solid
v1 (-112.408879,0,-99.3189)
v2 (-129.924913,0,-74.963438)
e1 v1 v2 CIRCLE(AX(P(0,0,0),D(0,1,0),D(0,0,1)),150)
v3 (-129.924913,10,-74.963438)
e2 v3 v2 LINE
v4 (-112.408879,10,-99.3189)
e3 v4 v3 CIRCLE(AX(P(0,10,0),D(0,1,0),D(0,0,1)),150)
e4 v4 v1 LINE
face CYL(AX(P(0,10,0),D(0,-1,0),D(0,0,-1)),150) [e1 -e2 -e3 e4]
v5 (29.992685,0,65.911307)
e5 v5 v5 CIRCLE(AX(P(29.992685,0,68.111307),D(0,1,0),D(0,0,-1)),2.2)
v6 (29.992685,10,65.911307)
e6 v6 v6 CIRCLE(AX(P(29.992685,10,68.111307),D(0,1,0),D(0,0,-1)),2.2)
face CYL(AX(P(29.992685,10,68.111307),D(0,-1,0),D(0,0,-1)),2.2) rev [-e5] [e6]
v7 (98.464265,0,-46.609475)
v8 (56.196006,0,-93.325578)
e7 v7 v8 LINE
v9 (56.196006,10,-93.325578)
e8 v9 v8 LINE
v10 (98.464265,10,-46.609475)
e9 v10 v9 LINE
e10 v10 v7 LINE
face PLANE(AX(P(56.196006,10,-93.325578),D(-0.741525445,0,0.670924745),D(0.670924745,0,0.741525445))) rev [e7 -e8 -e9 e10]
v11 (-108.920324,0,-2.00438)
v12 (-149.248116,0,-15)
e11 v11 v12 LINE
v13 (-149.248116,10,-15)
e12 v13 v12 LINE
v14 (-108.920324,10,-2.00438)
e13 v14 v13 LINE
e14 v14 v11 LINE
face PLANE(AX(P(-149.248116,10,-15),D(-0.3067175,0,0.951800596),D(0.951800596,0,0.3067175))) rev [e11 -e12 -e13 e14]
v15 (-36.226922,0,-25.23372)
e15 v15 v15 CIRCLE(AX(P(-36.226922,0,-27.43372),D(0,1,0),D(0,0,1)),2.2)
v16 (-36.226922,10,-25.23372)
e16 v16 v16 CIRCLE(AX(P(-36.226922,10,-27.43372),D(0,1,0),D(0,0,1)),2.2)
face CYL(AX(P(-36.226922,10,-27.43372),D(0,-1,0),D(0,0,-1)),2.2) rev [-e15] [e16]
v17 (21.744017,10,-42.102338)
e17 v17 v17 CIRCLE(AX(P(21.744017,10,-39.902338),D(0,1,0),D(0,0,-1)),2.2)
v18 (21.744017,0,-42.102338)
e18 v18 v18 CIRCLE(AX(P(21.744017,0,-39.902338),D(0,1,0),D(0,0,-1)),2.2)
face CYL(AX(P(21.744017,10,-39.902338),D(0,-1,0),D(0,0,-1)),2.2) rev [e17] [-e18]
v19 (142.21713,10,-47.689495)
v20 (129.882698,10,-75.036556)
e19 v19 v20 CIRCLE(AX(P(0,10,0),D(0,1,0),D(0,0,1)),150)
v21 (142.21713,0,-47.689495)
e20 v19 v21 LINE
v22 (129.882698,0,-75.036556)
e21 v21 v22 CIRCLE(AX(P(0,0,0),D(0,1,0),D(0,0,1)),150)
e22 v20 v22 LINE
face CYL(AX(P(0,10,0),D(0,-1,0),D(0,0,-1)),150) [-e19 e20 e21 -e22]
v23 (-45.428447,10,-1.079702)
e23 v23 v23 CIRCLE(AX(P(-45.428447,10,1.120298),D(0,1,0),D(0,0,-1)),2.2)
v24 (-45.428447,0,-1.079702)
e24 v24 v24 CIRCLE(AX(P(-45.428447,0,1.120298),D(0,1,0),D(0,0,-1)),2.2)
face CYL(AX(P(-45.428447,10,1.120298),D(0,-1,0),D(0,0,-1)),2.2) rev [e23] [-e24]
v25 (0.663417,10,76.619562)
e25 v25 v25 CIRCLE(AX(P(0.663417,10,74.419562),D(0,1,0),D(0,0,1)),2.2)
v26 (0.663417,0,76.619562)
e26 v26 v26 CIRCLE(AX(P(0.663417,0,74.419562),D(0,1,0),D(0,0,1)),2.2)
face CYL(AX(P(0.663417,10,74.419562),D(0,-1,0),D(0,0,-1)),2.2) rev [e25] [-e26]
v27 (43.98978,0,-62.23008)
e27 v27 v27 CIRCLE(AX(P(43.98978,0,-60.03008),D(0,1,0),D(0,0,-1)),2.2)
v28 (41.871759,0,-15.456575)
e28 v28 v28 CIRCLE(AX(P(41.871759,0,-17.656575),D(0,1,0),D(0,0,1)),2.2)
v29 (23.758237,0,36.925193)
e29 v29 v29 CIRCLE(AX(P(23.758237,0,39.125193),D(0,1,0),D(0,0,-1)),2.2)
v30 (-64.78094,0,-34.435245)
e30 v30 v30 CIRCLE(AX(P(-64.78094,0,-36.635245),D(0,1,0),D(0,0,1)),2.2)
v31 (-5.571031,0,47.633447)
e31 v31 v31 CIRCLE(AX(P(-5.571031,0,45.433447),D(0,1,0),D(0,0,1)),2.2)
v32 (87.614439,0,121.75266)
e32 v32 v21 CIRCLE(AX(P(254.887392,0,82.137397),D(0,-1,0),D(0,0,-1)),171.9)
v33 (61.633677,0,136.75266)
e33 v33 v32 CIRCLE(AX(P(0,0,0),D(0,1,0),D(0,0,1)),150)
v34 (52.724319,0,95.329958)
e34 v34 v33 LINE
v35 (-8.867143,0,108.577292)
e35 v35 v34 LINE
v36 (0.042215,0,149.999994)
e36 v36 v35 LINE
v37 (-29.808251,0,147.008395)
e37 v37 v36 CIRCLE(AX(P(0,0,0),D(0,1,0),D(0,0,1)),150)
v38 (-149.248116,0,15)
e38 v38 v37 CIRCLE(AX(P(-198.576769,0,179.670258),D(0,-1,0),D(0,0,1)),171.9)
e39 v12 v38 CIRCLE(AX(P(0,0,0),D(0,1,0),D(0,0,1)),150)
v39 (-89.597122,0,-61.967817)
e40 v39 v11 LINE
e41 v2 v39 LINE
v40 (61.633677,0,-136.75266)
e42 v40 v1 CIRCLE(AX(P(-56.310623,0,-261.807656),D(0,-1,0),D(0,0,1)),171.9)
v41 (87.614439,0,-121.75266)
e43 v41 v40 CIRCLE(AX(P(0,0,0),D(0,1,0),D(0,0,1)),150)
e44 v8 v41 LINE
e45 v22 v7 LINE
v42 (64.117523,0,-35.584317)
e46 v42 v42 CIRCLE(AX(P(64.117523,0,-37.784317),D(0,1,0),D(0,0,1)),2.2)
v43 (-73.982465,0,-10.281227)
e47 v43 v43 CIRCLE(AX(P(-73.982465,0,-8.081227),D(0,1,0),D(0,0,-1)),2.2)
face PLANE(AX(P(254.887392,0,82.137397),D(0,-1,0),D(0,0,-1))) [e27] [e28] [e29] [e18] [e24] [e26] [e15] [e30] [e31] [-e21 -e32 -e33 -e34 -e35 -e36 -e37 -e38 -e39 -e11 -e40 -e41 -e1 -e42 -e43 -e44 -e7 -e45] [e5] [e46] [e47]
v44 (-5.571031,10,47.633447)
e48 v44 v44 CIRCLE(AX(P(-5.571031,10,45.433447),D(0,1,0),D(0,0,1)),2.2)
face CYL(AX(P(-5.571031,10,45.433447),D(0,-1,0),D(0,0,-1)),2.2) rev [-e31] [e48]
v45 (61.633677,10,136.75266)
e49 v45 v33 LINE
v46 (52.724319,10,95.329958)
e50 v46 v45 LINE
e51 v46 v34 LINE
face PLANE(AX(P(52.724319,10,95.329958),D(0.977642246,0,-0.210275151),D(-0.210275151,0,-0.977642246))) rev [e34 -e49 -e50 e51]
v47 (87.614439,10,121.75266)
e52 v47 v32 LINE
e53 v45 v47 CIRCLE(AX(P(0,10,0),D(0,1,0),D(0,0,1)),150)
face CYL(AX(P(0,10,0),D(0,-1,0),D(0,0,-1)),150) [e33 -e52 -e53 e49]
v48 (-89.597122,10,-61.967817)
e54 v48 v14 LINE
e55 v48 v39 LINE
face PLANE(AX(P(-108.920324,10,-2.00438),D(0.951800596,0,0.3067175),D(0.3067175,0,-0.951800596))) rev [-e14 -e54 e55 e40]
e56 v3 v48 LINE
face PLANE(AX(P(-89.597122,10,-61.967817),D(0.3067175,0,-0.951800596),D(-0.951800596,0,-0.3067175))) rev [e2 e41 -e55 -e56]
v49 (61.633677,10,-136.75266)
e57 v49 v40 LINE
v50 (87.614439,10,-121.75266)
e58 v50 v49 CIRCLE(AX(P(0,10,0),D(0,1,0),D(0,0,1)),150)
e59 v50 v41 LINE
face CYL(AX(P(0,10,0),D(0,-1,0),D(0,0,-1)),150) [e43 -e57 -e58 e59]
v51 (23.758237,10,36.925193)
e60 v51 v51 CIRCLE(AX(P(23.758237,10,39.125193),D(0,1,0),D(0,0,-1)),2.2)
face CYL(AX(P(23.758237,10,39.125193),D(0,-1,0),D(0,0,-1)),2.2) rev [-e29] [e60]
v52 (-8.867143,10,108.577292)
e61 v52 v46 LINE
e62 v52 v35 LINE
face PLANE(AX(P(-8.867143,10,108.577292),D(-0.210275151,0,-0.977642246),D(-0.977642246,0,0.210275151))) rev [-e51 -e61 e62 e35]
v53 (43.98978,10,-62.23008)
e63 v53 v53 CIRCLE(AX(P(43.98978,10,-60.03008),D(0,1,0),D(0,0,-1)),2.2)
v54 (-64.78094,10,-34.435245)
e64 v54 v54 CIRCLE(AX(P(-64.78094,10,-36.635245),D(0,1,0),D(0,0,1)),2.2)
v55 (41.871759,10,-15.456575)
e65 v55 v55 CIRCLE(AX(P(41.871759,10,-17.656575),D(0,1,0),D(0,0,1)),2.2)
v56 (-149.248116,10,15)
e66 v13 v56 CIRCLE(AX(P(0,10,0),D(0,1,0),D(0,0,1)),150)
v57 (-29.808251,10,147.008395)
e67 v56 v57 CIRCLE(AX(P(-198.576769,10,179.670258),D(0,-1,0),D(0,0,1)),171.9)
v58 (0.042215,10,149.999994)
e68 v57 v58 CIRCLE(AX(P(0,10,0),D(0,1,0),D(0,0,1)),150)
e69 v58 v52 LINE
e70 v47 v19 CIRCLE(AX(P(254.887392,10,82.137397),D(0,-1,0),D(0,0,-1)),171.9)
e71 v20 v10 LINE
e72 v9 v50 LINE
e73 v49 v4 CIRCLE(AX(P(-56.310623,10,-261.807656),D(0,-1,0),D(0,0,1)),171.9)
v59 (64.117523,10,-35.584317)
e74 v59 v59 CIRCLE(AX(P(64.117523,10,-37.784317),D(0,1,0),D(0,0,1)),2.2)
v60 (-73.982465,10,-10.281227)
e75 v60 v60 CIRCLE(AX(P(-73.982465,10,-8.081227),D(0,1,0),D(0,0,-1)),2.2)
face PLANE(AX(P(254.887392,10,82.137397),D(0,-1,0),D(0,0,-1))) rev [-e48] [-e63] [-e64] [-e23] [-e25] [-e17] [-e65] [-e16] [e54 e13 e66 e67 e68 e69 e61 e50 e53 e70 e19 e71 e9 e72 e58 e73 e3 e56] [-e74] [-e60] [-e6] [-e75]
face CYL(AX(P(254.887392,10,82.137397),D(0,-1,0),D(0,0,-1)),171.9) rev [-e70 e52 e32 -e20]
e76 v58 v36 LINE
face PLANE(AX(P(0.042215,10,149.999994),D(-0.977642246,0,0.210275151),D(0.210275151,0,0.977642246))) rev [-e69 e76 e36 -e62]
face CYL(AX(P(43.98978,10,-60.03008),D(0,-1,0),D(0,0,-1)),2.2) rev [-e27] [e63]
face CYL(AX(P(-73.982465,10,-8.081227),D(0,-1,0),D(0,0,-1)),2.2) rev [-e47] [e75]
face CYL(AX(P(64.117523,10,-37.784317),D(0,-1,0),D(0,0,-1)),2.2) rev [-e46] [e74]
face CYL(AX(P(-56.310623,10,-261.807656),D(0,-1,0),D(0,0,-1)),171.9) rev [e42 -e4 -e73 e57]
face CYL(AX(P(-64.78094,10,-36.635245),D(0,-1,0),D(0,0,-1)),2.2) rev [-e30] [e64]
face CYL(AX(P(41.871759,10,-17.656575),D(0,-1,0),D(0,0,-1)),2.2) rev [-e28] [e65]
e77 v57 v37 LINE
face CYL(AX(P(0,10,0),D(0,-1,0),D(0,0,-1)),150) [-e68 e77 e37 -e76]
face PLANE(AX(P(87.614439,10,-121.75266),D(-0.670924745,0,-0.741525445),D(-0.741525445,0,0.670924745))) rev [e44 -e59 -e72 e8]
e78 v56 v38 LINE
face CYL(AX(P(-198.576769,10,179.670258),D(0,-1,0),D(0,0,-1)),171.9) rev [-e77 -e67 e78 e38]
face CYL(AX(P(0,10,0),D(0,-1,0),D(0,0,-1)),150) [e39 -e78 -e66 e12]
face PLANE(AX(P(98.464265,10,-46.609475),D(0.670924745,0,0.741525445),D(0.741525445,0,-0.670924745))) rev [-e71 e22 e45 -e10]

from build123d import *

# Parameters (mm, degrees)
ESQUISSE1_R        = 2.2
BOSS_EXTRU_1_DEPTH = 10


with BuildPart() as part:
    # Esquisse1 → Boss.-Extru.1 (new body)
    with BuildSketch(Plane(origin=(0, 0, 0), x_dir=(1, 0, 0), z_dir=(0, 1, 0))):
        with BuildLine():
            Line((0.042215238, -149.99999406), (-8.86714291, -108.577292103))
            Line((-8.86714291, -108.577292103), (52.724318579, -95.32995759))
            Line((52.724318579, -95.32995759), (61.633676726, -136.752659547))
            ThreePointArc((61.633676726, -136.752659547), (75, -129.903810568), (87.61443884, -121.752659547))
            ThreePointArc((87.61443884, -121.752659547), (91.272869966, -29.412659164), (142.217130056, 47.689494845))
            ThreePointArc((142.217130056, 47.689494845), (136.735308263, 61.672161259), (129.882697804, 75.036556498))
            Line((129.882697804, 75.036556498), (98.46426469, 46.609475032))
            Line((98.46426469, 46.609475032), (56.196005726, 93.325578082))
            Line((56.196005726, 93.325578082), (87.61443884, 121.752659547))
            ThreePointArc((87.61443884, 121.752659547), (75, 129.903810568), (61.633676726, 136.752659547))
            ThreePointArc((61.633676726, 136.752659547), (-20.164324954, 93.750953649), (-112.408879058, 99.318900059))
            ThreePointArc((-112.408879058, 99.318900059), (-121.777312488, 87.58016992), (-129.924913042, 74.963437562))
            Line((-129.924913042, 74.963437562), (-89.59712178, 61.96781707))
            Line((-89.59712178, 61.96781707), (-108.920324304, 2.004379509))
            Line((-108.920324304, 2.004379509), (-149.248115566, 15))
            ThreePointArc((-149.248115566, 15), (-150, 0), (-149.248115566, -15))
            ThreePointArc((-149.248115566, -15), (-71.108545012, -64.338294485), (-29.808250998, -147.008394905))
            ThreePointArc((-29.808250998, -147.008394905), (-14.957995775, -149.252331179), (0.042215238, -149.99999406))
        make_face()
        with Locations(Location((-5.571030795, -45.433447067, 0), (0, 0, 270))):
            Circle(ESQUISSE1_R, mode=Mode.SUBTRACT)
        with Locations(Location((0.663417157, -74.419562014, 0), (0, 0, 270))):
            Circle(ESQUISSE1_R, mode=Mode.SUBTRACT)
        with Locations(Location((29.992684533, -68.111307484, 0), (0, 0, 90))):
            Circle(ESQUISSE1_R, mode=Mode.SUBTRACT)
        with Locations(Location((23.758236581, -39.125192537, 0), (0, 0, 90))):
            Circle(ESQUISSE1_R, mode=Mode.SUBTRACT)
        with Locations(Location((41.871759308, 17.656574754, 0), (0, 0, 270))):
            Circle(ESQUISSE1_R, mode=Mode.SUBTRACT)
        with Locations(Location((64.117522664, 37.784317118, 0), (0, 0, 270))):
            Circle(ESQUISSE1_R, mode=Mode.SUBTRACT)
        with Locations(Location((43.9897803, 60.030080475, 0), (0, 0, 90))):
            Circle(ESQUISSE1_R, mode=Mode.SUBTRACT)
        with Locations(Location((21.744016943, 39.902338111, 0), (0, 0, 90))):
            Circle(ESQUISSE1_R, mode=Mode.SUBTRACT)
        with Locations(Location((-36.226921935, 27.433719884, 0), (0, 0, 270))):
            Circle(ESQUISSE1_R, mode=Mode.SUBTRACT)
        with Locations(Location((-64.780939821, 36.635244896, 0), (0, 0, 270))):
            Circle(ESQUISSE1_R, mode=Mode.SUBTRACT)
        with Locations(Location((-73.982464833, 8.081227009, 0), (0, 0, 90))):
            Circle(ESQUISSE1_R, mode=Mode.SUBTRACT)
        with Locations(Location((-45.428446946, -1.120298002, 0), (0, 0, 90))):
            Circle(ESQUISSE1_R, mode=Mode.SUBTRACT)
    extrude(amount=BOSS_EXTRU_1_DEPTH)


solid = part.part
